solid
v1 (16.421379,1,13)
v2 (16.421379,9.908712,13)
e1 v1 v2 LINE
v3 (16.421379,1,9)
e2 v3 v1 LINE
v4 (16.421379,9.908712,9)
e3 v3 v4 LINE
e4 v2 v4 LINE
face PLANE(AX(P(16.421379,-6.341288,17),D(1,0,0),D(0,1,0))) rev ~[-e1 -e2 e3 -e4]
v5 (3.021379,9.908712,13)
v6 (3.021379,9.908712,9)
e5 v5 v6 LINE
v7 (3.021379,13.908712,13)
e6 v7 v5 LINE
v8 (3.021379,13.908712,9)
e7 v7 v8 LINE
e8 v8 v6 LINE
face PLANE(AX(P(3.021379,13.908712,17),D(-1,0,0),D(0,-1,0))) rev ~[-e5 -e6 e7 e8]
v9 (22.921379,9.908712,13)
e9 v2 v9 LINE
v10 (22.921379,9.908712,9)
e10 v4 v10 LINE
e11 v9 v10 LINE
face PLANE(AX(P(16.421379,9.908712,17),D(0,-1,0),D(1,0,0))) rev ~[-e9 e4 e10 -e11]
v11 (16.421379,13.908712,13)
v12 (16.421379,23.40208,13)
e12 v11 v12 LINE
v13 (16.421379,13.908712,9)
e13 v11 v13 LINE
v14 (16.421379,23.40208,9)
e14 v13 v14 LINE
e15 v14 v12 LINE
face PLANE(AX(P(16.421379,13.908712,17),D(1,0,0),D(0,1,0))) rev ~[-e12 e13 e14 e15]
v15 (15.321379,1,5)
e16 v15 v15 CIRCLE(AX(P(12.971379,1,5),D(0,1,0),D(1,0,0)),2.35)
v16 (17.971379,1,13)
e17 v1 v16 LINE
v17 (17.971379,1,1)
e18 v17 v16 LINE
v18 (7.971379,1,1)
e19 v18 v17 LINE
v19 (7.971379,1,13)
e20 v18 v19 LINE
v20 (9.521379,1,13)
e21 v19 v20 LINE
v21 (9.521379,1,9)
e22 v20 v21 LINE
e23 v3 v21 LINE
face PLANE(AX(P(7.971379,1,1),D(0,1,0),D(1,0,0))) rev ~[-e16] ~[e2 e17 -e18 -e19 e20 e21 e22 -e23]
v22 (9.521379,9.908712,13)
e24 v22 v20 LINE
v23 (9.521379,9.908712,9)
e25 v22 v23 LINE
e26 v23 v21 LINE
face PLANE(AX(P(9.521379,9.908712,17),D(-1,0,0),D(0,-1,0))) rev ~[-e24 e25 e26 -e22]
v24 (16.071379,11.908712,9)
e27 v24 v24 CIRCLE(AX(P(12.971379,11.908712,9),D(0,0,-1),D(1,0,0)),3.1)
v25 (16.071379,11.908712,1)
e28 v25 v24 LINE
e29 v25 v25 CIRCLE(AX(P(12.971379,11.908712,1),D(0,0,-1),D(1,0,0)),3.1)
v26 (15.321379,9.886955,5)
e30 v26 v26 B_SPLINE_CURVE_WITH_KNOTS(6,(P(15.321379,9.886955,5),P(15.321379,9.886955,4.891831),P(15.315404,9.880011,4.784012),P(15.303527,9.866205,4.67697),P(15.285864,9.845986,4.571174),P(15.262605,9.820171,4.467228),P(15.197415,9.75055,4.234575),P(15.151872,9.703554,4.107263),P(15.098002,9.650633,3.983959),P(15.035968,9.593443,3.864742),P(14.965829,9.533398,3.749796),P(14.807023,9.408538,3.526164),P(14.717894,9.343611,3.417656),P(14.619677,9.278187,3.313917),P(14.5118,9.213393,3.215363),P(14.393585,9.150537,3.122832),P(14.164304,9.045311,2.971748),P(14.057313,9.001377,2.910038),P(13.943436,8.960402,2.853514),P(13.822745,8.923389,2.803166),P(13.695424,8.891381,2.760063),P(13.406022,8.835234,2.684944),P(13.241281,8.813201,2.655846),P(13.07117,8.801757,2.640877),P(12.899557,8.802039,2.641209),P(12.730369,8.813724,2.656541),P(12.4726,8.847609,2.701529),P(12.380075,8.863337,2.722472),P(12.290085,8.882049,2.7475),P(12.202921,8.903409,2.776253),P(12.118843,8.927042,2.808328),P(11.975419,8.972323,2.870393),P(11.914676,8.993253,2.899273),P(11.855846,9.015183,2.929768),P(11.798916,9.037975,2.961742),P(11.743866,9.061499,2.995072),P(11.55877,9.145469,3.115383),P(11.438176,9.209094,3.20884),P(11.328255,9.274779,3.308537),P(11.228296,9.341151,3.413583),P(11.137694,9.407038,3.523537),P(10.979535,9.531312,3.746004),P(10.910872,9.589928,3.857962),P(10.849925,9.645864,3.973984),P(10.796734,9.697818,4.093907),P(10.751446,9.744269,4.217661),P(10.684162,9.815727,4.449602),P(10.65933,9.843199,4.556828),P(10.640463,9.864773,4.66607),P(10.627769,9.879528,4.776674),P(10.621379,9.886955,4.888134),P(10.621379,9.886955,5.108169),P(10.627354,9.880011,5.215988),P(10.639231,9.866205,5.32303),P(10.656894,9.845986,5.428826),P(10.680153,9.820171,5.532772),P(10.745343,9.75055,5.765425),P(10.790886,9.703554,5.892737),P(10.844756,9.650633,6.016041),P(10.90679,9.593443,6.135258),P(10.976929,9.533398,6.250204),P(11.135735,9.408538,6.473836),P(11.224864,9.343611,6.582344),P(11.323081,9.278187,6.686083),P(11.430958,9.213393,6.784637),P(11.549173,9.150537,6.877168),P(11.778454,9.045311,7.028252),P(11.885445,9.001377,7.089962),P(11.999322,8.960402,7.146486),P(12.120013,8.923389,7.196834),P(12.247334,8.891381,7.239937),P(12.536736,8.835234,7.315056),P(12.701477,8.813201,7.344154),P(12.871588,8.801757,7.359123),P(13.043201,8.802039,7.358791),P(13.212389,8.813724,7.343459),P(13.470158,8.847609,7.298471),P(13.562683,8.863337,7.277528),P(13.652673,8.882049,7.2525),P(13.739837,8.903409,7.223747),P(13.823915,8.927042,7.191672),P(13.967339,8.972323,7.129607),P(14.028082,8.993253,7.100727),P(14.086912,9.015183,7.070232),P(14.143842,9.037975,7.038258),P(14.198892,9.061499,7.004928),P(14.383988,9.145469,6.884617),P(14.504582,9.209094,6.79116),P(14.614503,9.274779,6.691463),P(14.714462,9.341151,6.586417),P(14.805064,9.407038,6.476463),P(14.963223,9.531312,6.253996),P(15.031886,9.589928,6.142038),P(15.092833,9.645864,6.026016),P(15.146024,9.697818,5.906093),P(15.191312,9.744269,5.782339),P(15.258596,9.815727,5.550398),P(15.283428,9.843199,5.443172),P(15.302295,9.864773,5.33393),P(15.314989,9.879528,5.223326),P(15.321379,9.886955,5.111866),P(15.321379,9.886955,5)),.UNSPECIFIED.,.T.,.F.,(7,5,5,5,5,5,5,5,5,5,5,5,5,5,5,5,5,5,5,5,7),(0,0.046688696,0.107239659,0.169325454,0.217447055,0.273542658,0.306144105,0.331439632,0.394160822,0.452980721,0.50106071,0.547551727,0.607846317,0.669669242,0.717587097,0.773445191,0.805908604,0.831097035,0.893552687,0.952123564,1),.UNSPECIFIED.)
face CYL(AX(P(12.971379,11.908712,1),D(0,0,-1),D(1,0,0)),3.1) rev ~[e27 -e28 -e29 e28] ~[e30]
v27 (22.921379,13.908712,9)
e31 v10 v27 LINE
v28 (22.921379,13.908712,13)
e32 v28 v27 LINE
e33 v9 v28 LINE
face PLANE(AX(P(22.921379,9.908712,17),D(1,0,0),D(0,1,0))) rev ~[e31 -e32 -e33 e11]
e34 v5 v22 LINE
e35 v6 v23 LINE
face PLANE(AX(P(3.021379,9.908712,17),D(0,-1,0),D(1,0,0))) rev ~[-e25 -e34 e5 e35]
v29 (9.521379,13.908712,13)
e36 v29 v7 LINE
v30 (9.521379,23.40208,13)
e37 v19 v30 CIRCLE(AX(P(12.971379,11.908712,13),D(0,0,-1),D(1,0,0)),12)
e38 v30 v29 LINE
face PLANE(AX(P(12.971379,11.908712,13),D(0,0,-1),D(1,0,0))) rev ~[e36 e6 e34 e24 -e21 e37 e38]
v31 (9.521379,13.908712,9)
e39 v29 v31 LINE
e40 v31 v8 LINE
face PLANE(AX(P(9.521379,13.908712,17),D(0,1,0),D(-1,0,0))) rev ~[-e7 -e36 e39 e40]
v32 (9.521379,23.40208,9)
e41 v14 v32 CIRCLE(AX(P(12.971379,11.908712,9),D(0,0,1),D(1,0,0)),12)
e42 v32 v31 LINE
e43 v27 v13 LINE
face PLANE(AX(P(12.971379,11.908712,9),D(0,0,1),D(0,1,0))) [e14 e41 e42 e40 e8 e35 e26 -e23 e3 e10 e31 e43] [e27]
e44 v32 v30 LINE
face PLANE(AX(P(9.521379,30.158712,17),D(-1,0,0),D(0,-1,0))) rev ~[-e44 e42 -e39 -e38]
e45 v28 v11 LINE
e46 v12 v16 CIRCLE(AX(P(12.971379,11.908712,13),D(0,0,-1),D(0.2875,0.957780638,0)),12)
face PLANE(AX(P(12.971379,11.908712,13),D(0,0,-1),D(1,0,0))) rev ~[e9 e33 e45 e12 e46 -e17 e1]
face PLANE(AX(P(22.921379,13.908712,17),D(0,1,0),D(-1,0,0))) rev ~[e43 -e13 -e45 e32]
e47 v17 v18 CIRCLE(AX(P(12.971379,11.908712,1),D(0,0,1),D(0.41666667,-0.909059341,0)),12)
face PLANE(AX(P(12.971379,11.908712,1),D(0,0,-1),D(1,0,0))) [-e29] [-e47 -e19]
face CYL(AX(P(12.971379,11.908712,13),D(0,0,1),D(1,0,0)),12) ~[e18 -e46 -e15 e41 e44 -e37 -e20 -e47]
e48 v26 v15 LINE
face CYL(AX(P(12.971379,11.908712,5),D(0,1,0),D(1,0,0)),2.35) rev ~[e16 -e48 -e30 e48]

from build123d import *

# Parameters (mm, degrees)
PAD125_DEPTH            = 4
SKETCH248_R             = 12
PAD126_DEPTH            = 12
POCKET089_DEPTH         = 8
SKETCH249_R             = 3.1
POCKET090_DEPTH         = 12.001
SKETCH250_R             = 2.35
POCKET091_DEPTH         = 12.001
SKETCH251_W             = 10
SKETCH251_H             = 6.070738
POCKET092_DEPTH         = 12.001
BODY142_PLACEMENT_ANGLE = 180


with BuildPart() as part:
    # Sketch247 → Pad125 (new body)
    with BuildSketch(Plane.XY):
        Polygon((-3.45, 2), (-3.45, 18.25), (3.45, 18.25), (3.45, 2), (9.95, 2), (9.95, -2), (3.45, -2), (3.45, -18.25), (-3.45, -18.25), (-3.45, -2), (-9.95, -2), (-9.95, 2), align=None)
    extrude(amount=PAD125_DEPTH)

    # Sketch248 (on Face14 of Pad125) → Pad126 (join)
    with BuildSketch(Plane.XY.offset(4)):
        Circle(SKETCH248_R)
    extrude(amount=PAD126_DEPTH)

    # Pad126 Face4 → Pocket089 (cut)
    with BuildSketch(Plane(origin=(0, 0, 0), x_dir=(0, -1, 0), z_dir=(0, 0, -1))):
        Polygon((-2, 3.45), (-18.25, 3.45), (-18.25, -3.45), (-2, -3.45), (-2, -9.95), (2, -9.95), (2, -3.45), (18.25, -3.45), (18.25, 3.45), (2, 3.45), (2, 9.95), (-2, 9.95), align=None)
    extrude(amount=-POCKET089_DEPTH, mode=Mode.SUBTRACT)

    # Sketch249 (on Face9 of Pocket089) → Pocket090 (cut, through all)
    with BuildSketch(Plane.XY.offset(16)):
        Circle(SKETCH249_R)
    extrude(amount=-POCKET090_DEPTH, mode=Mode.SUBTRACT)

    # Sketch250 → Pocket091 (cut, through all)
    with BuildSketch(Plane.XZ):
        with Locations((0, 12)):
            Circle(SKETCH250_R)
    extrude(amount=-POCKET091_DEPTH, mode=Mode.SUBTRACT)

    # Sketch251 (on Face12 of Pocket091) → Pocket092 (cut, through all)
    with BuildSketch(Plane.XY.offset(16)):
        with Locations((0, 13.944081)):
            Rectangle(SKETCH251_W, SKETCH251_H)
    extrude(amount=-POCKET092_DEPTH, mode=Mode.SUBTRACT)


with BuildPart() as part_1:
    # Body142 placement: moved
    add(part.part.moved(Location((0, -90, 0))).rotate(Axis((0, -90, 0), (-1, 0, 0)), BODY142_PLACEMENT_ANGLE))


with BuildPart() as part_2:
    # Clone placement: moved
    add(part_1.part.moved(Location((12.971379, 101.908712, 17))))


solid = part_2.part
